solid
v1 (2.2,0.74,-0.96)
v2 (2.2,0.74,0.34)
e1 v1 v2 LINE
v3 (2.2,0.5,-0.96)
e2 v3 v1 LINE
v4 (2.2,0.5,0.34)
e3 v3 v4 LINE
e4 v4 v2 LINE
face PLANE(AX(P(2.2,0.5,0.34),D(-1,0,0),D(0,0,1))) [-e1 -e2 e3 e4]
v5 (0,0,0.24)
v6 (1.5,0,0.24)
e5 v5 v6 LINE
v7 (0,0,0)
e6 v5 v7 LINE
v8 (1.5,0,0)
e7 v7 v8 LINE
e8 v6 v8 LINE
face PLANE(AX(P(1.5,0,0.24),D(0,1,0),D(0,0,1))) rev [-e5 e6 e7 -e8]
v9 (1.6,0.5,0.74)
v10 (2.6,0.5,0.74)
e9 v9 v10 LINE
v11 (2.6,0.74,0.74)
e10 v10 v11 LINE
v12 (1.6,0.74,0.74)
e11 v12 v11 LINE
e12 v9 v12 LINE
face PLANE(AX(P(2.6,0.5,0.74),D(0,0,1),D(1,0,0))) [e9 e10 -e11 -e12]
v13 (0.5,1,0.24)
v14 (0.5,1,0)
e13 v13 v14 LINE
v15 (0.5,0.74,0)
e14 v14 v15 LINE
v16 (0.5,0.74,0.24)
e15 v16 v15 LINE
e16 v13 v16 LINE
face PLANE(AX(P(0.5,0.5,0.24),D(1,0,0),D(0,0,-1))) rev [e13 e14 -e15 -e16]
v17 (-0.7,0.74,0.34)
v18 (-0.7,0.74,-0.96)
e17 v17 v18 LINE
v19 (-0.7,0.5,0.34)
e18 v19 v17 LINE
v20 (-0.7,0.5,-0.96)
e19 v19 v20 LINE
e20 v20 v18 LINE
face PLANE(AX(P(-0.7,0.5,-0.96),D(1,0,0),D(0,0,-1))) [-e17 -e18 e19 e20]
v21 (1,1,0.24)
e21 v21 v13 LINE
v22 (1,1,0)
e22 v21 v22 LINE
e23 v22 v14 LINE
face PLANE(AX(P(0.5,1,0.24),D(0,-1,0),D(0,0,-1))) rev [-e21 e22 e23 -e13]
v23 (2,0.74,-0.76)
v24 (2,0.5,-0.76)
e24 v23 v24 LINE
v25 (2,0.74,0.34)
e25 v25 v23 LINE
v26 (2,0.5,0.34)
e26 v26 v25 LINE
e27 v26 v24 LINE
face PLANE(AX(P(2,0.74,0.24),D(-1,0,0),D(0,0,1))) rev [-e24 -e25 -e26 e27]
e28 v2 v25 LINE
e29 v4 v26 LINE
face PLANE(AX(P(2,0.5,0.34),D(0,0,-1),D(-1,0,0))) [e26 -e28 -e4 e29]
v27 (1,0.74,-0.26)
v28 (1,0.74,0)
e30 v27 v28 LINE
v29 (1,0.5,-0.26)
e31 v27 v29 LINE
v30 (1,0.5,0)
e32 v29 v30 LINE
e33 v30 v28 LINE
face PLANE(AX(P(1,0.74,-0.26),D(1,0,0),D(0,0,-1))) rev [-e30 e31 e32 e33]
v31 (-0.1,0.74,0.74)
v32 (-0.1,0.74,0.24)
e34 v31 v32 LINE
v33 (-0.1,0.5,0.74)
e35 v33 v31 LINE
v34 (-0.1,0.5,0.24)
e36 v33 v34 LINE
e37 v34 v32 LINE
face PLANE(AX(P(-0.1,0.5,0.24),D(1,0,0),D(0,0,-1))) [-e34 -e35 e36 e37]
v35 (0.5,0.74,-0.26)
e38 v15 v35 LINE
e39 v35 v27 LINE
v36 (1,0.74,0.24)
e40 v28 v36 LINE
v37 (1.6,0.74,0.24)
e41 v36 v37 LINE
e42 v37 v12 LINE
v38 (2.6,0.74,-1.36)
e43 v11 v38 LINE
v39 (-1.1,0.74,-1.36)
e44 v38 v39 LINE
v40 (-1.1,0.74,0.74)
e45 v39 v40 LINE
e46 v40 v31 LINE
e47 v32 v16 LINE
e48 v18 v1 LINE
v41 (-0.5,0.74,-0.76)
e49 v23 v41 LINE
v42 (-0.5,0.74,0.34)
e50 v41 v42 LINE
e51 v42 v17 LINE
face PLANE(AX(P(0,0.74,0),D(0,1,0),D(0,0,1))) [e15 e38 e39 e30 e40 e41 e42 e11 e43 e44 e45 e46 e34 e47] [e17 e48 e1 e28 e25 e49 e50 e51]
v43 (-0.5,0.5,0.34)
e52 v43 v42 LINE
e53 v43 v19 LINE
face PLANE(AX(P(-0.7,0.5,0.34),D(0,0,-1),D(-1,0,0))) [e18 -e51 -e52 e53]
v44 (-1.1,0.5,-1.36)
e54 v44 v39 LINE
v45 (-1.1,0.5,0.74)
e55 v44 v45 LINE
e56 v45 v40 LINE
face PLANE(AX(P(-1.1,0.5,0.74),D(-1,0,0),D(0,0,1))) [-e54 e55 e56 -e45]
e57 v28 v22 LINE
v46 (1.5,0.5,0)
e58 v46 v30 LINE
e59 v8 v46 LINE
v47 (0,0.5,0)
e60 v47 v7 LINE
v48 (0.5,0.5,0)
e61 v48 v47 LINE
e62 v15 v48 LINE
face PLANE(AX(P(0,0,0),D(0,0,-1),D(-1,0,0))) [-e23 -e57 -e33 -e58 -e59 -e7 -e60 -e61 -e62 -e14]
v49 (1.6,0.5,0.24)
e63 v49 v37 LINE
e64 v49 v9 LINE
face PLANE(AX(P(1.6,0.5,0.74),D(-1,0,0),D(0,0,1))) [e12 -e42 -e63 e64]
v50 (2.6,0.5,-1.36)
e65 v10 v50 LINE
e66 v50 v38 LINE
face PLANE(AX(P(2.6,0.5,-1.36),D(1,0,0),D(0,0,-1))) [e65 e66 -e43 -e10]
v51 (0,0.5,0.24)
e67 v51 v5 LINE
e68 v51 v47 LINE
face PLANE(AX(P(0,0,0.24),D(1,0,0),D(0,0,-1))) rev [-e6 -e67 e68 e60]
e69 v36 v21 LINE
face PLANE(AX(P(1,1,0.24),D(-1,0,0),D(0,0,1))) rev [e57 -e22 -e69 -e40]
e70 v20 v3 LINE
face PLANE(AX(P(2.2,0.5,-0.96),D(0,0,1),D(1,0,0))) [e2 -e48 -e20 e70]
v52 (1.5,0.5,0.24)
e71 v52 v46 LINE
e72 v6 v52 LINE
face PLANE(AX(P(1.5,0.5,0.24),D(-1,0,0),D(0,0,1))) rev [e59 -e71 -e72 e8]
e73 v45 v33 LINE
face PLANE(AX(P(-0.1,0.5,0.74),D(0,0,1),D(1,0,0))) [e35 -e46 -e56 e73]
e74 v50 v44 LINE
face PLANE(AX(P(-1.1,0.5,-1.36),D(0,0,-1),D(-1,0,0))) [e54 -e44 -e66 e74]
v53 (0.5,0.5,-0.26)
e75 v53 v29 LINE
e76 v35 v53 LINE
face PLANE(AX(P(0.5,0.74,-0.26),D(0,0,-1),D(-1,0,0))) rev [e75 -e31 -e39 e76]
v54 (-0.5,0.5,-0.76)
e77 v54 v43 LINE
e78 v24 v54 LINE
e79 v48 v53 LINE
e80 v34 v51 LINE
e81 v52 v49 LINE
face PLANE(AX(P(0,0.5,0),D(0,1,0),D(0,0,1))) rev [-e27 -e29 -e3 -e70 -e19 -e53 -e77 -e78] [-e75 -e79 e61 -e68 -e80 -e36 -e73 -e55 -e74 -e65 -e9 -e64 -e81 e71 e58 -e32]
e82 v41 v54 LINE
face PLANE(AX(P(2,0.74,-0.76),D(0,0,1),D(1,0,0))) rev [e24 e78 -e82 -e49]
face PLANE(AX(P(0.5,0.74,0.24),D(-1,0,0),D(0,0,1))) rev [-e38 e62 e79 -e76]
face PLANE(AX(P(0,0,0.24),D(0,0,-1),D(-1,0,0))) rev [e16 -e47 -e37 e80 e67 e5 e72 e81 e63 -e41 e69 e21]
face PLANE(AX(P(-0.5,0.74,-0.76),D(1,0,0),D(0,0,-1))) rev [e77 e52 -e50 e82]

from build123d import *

# Parameters (mm, degrees)
BOSS_EXTRUDE1_DEPTH = 0.24
BOSS_EXTRUDE2_DEPTH = 0.24
BOSS_EXTRUDE3_DEPTH = 0.24


with BuildPart() as part:
    # Sketch2 → Boss-Extrude1 (new body)
    with BuildSketch(Plane.XY):
        Polygon((0, 0), (0, 0.5), (0.5, 0.5), (0.5, 1), (1, 1), (1, 0.5), (1.5, 0.5), (1.5, 0), align=None)
    extrude(amount=BOSS_EXTRUDE1_DEPTH)

    # Sketch3 → Boss-Extrude2 (add)
    with BuildSketch(Plane(origin=(0, 0.5, 0), x_dir=(1, 0, 0), z_dir=(0, 1, 0))):
        Polygon((0.5, -0.24), (0.5, 0.26), (1, 0.26), (1, -0.24), (2, -0.24), (2, 0.76), (-0.5, 0.76), (-0.5, -0.24), align=None)
    extrude(amount=BOSS_EXTRUDE2_DEPTH)

    # Sketch4 → Boss-Extrude3 (add)
    with BuildSketch(Plane(origin=(0, 0.74, 0), x_dir=(1, 0, 0), z_dir=(0, 1, 0))):
        Polygon((-0.1, -0.24), (-0.1, -0.74), (-1.1, -0.74), (-1.1, 1.36), (2.6, 1.36), (2.6, -0.74), (1.6, -0.74), (1.6, -0.24), (2, -0.24), (2, -0.34), (2.2, -0.34), (2.2, 0.96), (-0.7, 0.96), (-0.7, -0.34), (-0.5, -0.34), (-0.5, -0.24), align=None)
    extrude(amount=-BOSS_EXTRUDE3_DEPTH)


solid = part.part
